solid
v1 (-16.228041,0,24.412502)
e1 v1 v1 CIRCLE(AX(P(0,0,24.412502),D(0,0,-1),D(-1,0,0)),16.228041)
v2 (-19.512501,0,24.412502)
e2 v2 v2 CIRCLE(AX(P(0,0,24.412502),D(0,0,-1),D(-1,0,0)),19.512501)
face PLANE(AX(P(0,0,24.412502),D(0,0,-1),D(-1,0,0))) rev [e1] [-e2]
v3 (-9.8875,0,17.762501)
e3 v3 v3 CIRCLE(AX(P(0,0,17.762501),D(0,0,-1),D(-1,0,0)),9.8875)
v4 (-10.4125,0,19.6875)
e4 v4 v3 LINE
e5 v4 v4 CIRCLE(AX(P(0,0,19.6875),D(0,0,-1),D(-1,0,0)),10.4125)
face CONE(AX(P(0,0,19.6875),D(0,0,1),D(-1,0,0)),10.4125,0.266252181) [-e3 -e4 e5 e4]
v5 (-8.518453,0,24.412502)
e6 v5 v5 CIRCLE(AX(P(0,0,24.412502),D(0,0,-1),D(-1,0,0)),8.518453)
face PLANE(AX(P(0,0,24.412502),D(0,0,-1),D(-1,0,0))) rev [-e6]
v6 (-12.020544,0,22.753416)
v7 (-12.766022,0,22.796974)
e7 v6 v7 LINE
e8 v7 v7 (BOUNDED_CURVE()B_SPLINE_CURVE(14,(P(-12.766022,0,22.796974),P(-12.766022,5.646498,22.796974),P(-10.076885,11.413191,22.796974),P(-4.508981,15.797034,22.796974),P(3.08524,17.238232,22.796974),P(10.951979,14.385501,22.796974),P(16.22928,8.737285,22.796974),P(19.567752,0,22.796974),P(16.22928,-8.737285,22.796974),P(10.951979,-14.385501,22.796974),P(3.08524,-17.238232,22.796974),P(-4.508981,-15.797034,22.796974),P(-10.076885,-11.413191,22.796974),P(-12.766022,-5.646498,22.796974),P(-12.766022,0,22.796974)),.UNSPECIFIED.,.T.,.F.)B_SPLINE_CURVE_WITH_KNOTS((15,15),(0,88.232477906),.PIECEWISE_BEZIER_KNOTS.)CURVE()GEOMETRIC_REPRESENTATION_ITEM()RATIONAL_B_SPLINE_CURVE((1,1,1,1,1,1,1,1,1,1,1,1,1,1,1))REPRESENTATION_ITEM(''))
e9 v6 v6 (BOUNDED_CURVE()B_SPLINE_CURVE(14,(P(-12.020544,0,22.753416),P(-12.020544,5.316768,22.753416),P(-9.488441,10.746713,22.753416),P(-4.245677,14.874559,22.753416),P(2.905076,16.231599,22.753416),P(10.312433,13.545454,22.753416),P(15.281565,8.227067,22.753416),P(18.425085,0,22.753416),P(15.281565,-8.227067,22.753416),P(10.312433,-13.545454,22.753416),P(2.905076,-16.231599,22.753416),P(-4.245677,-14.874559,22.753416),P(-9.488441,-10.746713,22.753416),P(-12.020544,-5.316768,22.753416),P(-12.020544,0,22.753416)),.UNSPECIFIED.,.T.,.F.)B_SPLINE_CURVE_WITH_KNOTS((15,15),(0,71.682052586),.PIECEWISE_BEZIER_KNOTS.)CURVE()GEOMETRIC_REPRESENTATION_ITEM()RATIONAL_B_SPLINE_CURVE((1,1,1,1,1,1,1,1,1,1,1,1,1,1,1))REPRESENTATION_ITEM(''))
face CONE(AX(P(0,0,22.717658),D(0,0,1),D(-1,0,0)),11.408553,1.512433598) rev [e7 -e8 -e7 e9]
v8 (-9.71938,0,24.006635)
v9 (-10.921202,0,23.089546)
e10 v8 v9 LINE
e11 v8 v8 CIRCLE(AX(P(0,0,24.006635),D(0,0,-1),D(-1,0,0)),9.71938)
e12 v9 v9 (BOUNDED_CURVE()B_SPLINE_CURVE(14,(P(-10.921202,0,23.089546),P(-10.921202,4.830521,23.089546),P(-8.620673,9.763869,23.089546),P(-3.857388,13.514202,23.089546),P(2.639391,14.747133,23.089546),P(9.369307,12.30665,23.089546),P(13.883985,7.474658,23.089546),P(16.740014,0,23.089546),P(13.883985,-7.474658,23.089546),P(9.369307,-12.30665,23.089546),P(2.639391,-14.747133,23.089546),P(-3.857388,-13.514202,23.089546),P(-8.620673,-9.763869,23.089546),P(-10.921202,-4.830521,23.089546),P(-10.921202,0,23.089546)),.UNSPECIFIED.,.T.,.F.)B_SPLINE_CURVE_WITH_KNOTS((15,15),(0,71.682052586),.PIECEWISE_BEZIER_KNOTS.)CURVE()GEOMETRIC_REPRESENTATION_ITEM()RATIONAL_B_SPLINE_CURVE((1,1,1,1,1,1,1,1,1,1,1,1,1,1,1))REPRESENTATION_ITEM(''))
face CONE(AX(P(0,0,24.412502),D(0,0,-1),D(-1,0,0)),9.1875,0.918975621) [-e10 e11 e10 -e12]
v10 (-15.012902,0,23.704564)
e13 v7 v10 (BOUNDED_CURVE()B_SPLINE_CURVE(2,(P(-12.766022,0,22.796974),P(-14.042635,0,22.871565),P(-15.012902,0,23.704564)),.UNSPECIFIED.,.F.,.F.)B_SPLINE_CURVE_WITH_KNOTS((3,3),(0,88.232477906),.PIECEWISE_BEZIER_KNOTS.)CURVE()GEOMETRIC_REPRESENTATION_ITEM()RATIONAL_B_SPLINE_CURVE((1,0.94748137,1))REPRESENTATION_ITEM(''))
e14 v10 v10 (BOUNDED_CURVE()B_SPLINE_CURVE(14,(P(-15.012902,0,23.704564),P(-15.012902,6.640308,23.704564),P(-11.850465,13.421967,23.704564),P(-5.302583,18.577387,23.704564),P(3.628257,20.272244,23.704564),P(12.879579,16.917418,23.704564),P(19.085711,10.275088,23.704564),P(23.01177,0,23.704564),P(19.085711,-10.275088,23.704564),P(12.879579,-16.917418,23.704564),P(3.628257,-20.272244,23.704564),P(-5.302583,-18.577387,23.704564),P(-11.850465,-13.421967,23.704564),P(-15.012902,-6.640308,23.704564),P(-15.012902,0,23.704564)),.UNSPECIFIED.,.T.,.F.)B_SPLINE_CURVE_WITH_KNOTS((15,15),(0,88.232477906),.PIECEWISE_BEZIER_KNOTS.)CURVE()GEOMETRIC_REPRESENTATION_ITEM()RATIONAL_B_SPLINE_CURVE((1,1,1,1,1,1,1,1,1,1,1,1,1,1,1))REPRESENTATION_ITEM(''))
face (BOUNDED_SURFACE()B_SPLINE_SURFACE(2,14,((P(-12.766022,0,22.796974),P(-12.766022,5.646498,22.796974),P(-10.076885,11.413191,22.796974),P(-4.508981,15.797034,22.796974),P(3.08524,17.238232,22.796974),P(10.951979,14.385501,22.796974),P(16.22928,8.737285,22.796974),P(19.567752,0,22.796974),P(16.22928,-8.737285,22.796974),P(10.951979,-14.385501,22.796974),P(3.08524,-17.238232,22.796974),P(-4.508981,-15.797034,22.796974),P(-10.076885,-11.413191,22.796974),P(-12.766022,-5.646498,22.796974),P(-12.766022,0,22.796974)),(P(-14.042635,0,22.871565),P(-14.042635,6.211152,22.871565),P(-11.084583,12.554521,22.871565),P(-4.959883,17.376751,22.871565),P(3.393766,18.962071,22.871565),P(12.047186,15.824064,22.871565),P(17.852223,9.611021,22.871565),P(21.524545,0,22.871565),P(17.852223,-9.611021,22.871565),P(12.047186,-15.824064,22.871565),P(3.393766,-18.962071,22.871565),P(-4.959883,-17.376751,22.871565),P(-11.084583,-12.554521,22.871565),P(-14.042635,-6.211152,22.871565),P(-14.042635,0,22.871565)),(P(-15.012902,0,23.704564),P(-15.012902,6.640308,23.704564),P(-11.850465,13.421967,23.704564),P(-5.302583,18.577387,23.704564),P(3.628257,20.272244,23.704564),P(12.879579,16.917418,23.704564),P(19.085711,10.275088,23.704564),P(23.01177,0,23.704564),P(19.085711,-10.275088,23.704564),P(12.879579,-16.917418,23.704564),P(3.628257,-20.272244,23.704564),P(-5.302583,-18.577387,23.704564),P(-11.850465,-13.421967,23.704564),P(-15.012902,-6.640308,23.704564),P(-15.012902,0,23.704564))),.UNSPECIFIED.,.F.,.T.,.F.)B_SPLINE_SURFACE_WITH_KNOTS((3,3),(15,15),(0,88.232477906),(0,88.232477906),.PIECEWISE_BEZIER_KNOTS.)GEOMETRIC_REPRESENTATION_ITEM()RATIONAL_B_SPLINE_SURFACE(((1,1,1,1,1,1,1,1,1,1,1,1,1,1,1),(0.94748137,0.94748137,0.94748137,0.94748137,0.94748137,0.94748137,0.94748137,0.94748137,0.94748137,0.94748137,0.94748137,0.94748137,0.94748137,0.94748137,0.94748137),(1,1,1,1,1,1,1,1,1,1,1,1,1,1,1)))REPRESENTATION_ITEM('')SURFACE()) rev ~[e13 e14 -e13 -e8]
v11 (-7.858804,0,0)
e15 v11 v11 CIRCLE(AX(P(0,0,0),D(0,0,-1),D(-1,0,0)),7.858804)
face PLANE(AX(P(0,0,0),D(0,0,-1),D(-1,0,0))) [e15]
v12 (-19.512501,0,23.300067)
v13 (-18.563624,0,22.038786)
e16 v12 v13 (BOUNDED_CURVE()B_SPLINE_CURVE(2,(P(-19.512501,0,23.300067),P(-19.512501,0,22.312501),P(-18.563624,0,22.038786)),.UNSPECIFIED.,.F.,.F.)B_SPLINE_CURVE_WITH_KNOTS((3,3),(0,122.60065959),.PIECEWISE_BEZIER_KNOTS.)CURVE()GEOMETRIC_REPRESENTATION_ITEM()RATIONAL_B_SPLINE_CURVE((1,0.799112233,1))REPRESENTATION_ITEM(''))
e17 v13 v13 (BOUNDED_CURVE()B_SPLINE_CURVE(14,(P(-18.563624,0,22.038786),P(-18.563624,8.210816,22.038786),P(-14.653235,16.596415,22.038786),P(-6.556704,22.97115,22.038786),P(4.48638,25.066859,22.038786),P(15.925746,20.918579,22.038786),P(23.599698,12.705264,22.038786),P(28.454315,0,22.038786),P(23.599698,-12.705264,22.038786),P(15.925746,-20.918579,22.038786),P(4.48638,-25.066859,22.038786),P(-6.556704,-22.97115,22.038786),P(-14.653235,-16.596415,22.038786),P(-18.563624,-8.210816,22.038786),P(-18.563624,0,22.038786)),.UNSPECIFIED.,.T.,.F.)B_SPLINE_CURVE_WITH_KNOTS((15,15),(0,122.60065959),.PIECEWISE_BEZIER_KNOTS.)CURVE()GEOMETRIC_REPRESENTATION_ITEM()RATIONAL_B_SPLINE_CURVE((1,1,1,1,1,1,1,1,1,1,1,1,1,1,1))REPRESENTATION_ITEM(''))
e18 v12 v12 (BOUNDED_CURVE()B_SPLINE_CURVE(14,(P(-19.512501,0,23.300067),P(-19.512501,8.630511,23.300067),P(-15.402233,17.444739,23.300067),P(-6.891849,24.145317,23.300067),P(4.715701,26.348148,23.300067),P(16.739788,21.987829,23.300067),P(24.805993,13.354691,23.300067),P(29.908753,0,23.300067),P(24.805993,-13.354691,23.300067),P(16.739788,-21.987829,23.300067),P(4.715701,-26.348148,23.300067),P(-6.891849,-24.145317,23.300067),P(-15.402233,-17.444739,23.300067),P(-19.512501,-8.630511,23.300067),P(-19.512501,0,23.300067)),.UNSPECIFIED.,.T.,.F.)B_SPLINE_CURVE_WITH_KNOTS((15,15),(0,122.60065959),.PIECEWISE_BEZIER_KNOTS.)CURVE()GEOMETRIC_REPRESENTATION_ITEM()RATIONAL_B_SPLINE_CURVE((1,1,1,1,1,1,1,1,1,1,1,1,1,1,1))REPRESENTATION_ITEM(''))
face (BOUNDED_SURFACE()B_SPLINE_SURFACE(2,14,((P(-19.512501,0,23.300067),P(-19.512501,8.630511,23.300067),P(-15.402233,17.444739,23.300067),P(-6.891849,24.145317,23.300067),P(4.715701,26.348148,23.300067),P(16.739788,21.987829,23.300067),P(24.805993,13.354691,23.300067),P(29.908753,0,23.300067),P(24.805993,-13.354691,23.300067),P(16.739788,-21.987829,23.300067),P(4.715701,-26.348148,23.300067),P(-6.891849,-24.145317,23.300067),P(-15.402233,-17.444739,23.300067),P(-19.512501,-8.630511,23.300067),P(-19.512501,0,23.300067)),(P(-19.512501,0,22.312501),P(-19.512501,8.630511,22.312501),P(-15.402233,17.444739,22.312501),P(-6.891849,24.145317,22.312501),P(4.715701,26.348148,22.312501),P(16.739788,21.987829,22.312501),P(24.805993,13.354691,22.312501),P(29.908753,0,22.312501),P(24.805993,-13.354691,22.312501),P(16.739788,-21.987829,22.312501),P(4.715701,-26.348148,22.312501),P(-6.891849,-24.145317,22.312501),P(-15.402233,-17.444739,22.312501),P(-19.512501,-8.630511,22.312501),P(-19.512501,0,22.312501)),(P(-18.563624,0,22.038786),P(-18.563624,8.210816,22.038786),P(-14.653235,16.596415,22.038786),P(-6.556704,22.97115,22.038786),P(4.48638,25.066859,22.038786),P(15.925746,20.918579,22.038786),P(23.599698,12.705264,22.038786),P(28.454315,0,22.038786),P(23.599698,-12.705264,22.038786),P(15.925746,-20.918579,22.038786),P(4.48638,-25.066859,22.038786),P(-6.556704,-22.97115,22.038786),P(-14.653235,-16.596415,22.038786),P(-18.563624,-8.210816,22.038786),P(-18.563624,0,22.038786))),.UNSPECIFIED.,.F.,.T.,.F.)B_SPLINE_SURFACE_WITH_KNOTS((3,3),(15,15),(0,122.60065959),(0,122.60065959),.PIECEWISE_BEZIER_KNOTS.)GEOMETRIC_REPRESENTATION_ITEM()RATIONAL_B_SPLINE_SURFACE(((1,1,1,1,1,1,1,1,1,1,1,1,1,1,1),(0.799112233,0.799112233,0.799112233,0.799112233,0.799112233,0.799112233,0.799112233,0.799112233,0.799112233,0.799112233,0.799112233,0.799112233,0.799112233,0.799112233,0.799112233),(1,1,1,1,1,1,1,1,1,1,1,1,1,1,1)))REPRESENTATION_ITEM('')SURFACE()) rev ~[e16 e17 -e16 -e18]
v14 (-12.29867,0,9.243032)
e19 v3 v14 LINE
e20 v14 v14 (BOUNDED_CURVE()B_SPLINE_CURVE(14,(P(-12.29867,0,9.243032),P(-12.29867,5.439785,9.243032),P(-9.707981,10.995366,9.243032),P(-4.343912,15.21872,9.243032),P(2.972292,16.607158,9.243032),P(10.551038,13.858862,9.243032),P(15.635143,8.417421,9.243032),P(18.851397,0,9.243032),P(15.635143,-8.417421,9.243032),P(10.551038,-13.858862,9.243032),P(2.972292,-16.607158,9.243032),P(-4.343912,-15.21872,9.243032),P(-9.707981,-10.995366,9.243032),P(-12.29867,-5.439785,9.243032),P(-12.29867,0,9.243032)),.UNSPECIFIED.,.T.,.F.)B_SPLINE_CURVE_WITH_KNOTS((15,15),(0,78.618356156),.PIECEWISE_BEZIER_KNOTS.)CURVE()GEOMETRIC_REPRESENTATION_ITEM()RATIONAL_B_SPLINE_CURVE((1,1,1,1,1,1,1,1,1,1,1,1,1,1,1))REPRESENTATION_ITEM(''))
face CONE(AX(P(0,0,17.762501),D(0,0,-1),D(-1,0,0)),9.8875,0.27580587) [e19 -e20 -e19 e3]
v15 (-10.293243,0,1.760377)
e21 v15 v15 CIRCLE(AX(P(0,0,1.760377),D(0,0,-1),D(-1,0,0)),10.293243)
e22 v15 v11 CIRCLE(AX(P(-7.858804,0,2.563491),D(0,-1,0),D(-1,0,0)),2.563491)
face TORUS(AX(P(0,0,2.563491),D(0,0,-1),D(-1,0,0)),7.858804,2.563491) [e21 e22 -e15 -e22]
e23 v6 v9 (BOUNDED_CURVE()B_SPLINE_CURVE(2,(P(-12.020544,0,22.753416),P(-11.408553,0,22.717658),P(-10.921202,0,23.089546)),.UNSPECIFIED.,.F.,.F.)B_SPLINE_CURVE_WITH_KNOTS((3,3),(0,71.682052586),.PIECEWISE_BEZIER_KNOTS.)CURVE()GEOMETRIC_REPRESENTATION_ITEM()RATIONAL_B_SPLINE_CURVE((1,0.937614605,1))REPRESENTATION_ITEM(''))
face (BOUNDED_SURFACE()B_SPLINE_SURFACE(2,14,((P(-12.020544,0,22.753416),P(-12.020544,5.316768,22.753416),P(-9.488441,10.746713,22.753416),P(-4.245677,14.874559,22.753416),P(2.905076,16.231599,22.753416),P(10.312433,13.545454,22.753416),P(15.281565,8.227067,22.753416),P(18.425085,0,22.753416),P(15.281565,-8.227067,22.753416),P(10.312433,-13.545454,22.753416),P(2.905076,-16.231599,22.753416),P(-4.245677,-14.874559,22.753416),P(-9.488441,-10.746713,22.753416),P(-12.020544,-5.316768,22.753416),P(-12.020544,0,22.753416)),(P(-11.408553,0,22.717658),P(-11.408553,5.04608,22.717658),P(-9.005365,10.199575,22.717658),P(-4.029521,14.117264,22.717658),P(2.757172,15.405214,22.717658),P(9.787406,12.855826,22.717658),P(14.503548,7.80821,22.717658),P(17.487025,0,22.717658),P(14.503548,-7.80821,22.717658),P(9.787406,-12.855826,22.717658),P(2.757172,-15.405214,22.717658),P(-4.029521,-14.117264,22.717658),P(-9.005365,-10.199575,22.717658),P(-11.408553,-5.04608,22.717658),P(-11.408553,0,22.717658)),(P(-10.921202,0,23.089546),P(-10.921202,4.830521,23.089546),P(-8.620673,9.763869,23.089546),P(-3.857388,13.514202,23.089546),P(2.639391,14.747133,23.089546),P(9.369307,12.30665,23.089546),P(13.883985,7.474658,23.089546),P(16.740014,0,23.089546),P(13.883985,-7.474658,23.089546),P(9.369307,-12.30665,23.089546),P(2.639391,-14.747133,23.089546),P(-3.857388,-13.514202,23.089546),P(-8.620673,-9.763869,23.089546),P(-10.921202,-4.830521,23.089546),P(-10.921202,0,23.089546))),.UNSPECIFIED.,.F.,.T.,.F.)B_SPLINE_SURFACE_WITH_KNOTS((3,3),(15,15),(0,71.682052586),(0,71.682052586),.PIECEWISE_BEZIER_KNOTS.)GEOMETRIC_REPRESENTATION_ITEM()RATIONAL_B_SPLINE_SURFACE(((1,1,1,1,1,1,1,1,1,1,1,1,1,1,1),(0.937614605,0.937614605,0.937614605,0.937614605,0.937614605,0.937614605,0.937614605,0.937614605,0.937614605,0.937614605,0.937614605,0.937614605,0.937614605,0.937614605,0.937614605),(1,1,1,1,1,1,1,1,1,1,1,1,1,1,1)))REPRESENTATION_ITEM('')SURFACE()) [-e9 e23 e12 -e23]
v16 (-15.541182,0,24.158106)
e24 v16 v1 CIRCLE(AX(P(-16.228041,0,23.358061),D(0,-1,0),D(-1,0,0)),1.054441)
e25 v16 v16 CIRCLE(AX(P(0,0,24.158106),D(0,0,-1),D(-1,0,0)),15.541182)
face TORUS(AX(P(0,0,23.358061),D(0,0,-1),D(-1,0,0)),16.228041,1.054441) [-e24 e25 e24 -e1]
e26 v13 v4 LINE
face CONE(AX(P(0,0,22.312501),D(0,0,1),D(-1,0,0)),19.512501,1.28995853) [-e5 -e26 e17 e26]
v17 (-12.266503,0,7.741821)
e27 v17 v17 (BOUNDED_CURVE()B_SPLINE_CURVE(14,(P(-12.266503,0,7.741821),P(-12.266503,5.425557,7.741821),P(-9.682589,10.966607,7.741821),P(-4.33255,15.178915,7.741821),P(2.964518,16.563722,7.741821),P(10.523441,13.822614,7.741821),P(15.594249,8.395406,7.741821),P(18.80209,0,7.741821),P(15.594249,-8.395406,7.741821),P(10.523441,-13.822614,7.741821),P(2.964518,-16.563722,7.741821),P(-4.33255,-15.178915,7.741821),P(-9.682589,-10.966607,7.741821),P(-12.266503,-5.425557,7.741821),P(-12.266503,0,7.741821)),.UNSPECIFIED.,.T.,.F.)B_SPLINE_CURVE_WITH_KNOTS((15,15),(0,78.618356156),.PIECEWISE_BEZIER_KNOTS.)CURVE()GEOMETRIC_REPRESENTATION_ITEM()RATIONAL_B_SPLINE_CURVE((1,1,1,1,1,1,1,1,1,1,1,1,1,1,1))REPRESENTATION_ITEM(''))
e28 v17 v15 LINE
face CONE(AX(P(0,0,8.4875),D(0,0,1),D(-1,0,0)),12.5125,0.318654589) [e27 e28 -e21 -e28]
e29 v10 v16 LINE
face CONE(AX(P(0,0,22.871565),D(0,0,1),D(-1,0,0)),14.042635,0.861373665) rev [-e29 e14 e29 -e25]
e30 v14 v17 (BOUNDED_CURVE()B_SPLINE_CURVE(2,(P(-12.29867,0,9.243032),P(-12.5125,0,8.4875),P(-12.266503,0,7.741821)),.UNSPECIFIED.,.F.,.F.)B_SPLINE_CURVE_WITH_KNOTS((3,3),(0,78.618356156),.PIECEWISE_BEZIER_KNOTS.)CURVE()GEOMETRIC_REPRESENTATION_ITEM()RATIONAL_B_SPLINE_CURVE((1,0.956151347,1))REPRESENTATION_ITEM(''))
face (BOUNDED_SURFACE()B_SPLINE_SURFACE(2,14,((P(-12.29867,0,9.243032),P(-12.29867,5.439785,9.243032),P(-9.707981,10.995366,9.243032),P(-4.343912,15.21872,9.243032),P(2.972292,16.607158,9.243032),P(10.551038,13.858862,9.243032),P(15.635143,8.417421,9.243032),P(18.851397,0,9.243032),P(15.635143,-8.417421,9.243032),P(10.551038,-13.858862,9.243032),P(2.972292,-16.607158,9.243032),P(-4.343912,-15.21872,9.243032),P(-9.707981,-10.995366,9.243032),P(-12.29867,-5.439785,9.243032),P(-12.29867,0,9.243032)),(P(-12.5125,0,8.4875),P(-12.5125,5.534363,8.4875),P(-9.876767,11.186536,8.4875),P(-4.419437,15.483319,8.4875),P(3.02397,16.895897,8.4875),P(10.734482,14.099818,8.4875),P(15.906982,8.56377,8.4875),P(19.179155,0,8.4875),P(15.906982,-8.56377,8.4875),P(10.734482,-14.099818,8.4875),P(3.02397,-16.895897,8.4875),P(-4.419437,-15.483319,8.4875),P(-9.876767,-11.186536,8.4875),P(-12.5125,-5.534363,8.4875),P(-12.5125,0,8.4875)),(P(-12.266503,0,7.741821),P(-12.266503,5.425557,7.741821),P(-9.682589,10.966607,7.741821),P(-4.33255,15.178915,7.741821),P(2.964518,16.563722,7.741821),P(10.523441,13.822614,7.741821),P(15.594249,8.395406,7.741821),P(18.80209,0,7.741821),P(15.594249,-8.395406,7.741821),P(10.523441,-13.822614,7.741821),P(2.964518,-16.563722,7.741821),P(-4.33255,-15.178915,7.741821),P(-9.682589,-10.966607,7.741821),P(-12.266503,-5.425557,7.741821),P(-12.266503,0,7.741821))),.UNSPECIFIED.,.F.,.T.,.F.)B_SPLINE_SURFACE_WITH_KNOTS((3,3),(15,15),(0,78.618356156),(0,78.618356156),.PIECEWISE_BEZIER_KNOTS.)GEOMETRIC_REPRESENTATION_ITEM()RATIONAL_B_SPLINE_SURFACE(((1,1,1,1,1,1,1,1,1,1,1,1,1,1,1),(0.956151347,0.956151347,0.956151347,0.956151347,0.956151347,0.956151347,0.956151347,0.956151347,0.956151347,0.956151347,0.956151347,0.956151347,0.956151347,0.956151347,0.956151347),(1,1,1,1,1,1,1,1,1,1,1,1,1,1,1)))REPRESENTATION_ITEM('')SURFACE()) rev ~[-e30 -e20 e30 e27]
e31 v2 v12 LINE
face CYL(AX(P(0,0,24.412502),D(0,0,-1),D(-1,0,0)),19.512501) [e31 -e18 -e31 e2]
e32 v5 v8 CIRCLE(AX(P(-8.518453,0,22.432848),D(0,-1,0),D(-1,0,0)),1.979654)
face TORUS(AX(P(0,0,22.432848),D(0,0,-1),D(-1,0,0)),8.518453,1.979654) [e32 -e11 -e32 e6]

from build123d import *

# Parameters (mm, degrees)
F2_R = 1.979654
F3_R = 3.788583
F4_R = 1.653235
F5_R = 1.054441
F6_R = 1.312708
F7_R = 2.563491


with BuildPart() as f1:
    # F0 (on Front) → F1 (revolve)
    with BuildSketch(Plane.XZ):
        Polygon((-9.7125, 0), (0, 0), (0, 24.412502), (-9.1875, 24.412502), (-11.408553, 22.717658), (-14.042635, 22.871565), (-15.8375, 24.412502), (-19.512501, 24.412502), (-19.512501, 22.312501), (-10.4125, 19.6875), (-9.8875, 17.762501), (-12.5125, 8.4875), align=None)
    revolve(axis=Axis((0, 0, 12.206251), (0, 0, -1)))

    # F2
    f2_edges = [f1.edges().sort_by_distance(p)[0] for p in [
        (9.1875, 0, 24.412502),
    ]]
    fillet(f2_edges, radius=F2_R)

    # F3
    f3_edges = [f1.edges().sort_by_distance(p)[0] for p in [
        (14.042635, 0, 22.871565),
    ]]
    fillet(f3_edges, radius=F3_R)

    # F4
    f4_edges = [f1.edges().sort_by_distance(p)[0] for p in [
        (11.408553, 0, 22.717658),
    ]]
    fillet(f4_edges, radius=F4_R)

    # F5
    f5_edges = [f1.edges().sort_by_distance(p)[0] for p in [
        (15.8375, 0, 24.412502),
    ]]
    fillet(f5_edges, radius=F5_R)

    # F6
    f6_edges = [f1.edges().sort_by_distance(p)[0] for p in [
        (19.512501, 0, 22.312501),
    ]]
    fillet(f6_edges, radius=F6_R)

    # F7
    f7_edges = [f1.edges().sort_by_distance(p)[0] for p in [
        (12.5125, 0, 8.4875),
        (9.7125, 0, 0),
        (-11.1125, 0, 4.24375),
    ]]
    fillet(f7_edges, radius=F7_R)


solid = f1.part
